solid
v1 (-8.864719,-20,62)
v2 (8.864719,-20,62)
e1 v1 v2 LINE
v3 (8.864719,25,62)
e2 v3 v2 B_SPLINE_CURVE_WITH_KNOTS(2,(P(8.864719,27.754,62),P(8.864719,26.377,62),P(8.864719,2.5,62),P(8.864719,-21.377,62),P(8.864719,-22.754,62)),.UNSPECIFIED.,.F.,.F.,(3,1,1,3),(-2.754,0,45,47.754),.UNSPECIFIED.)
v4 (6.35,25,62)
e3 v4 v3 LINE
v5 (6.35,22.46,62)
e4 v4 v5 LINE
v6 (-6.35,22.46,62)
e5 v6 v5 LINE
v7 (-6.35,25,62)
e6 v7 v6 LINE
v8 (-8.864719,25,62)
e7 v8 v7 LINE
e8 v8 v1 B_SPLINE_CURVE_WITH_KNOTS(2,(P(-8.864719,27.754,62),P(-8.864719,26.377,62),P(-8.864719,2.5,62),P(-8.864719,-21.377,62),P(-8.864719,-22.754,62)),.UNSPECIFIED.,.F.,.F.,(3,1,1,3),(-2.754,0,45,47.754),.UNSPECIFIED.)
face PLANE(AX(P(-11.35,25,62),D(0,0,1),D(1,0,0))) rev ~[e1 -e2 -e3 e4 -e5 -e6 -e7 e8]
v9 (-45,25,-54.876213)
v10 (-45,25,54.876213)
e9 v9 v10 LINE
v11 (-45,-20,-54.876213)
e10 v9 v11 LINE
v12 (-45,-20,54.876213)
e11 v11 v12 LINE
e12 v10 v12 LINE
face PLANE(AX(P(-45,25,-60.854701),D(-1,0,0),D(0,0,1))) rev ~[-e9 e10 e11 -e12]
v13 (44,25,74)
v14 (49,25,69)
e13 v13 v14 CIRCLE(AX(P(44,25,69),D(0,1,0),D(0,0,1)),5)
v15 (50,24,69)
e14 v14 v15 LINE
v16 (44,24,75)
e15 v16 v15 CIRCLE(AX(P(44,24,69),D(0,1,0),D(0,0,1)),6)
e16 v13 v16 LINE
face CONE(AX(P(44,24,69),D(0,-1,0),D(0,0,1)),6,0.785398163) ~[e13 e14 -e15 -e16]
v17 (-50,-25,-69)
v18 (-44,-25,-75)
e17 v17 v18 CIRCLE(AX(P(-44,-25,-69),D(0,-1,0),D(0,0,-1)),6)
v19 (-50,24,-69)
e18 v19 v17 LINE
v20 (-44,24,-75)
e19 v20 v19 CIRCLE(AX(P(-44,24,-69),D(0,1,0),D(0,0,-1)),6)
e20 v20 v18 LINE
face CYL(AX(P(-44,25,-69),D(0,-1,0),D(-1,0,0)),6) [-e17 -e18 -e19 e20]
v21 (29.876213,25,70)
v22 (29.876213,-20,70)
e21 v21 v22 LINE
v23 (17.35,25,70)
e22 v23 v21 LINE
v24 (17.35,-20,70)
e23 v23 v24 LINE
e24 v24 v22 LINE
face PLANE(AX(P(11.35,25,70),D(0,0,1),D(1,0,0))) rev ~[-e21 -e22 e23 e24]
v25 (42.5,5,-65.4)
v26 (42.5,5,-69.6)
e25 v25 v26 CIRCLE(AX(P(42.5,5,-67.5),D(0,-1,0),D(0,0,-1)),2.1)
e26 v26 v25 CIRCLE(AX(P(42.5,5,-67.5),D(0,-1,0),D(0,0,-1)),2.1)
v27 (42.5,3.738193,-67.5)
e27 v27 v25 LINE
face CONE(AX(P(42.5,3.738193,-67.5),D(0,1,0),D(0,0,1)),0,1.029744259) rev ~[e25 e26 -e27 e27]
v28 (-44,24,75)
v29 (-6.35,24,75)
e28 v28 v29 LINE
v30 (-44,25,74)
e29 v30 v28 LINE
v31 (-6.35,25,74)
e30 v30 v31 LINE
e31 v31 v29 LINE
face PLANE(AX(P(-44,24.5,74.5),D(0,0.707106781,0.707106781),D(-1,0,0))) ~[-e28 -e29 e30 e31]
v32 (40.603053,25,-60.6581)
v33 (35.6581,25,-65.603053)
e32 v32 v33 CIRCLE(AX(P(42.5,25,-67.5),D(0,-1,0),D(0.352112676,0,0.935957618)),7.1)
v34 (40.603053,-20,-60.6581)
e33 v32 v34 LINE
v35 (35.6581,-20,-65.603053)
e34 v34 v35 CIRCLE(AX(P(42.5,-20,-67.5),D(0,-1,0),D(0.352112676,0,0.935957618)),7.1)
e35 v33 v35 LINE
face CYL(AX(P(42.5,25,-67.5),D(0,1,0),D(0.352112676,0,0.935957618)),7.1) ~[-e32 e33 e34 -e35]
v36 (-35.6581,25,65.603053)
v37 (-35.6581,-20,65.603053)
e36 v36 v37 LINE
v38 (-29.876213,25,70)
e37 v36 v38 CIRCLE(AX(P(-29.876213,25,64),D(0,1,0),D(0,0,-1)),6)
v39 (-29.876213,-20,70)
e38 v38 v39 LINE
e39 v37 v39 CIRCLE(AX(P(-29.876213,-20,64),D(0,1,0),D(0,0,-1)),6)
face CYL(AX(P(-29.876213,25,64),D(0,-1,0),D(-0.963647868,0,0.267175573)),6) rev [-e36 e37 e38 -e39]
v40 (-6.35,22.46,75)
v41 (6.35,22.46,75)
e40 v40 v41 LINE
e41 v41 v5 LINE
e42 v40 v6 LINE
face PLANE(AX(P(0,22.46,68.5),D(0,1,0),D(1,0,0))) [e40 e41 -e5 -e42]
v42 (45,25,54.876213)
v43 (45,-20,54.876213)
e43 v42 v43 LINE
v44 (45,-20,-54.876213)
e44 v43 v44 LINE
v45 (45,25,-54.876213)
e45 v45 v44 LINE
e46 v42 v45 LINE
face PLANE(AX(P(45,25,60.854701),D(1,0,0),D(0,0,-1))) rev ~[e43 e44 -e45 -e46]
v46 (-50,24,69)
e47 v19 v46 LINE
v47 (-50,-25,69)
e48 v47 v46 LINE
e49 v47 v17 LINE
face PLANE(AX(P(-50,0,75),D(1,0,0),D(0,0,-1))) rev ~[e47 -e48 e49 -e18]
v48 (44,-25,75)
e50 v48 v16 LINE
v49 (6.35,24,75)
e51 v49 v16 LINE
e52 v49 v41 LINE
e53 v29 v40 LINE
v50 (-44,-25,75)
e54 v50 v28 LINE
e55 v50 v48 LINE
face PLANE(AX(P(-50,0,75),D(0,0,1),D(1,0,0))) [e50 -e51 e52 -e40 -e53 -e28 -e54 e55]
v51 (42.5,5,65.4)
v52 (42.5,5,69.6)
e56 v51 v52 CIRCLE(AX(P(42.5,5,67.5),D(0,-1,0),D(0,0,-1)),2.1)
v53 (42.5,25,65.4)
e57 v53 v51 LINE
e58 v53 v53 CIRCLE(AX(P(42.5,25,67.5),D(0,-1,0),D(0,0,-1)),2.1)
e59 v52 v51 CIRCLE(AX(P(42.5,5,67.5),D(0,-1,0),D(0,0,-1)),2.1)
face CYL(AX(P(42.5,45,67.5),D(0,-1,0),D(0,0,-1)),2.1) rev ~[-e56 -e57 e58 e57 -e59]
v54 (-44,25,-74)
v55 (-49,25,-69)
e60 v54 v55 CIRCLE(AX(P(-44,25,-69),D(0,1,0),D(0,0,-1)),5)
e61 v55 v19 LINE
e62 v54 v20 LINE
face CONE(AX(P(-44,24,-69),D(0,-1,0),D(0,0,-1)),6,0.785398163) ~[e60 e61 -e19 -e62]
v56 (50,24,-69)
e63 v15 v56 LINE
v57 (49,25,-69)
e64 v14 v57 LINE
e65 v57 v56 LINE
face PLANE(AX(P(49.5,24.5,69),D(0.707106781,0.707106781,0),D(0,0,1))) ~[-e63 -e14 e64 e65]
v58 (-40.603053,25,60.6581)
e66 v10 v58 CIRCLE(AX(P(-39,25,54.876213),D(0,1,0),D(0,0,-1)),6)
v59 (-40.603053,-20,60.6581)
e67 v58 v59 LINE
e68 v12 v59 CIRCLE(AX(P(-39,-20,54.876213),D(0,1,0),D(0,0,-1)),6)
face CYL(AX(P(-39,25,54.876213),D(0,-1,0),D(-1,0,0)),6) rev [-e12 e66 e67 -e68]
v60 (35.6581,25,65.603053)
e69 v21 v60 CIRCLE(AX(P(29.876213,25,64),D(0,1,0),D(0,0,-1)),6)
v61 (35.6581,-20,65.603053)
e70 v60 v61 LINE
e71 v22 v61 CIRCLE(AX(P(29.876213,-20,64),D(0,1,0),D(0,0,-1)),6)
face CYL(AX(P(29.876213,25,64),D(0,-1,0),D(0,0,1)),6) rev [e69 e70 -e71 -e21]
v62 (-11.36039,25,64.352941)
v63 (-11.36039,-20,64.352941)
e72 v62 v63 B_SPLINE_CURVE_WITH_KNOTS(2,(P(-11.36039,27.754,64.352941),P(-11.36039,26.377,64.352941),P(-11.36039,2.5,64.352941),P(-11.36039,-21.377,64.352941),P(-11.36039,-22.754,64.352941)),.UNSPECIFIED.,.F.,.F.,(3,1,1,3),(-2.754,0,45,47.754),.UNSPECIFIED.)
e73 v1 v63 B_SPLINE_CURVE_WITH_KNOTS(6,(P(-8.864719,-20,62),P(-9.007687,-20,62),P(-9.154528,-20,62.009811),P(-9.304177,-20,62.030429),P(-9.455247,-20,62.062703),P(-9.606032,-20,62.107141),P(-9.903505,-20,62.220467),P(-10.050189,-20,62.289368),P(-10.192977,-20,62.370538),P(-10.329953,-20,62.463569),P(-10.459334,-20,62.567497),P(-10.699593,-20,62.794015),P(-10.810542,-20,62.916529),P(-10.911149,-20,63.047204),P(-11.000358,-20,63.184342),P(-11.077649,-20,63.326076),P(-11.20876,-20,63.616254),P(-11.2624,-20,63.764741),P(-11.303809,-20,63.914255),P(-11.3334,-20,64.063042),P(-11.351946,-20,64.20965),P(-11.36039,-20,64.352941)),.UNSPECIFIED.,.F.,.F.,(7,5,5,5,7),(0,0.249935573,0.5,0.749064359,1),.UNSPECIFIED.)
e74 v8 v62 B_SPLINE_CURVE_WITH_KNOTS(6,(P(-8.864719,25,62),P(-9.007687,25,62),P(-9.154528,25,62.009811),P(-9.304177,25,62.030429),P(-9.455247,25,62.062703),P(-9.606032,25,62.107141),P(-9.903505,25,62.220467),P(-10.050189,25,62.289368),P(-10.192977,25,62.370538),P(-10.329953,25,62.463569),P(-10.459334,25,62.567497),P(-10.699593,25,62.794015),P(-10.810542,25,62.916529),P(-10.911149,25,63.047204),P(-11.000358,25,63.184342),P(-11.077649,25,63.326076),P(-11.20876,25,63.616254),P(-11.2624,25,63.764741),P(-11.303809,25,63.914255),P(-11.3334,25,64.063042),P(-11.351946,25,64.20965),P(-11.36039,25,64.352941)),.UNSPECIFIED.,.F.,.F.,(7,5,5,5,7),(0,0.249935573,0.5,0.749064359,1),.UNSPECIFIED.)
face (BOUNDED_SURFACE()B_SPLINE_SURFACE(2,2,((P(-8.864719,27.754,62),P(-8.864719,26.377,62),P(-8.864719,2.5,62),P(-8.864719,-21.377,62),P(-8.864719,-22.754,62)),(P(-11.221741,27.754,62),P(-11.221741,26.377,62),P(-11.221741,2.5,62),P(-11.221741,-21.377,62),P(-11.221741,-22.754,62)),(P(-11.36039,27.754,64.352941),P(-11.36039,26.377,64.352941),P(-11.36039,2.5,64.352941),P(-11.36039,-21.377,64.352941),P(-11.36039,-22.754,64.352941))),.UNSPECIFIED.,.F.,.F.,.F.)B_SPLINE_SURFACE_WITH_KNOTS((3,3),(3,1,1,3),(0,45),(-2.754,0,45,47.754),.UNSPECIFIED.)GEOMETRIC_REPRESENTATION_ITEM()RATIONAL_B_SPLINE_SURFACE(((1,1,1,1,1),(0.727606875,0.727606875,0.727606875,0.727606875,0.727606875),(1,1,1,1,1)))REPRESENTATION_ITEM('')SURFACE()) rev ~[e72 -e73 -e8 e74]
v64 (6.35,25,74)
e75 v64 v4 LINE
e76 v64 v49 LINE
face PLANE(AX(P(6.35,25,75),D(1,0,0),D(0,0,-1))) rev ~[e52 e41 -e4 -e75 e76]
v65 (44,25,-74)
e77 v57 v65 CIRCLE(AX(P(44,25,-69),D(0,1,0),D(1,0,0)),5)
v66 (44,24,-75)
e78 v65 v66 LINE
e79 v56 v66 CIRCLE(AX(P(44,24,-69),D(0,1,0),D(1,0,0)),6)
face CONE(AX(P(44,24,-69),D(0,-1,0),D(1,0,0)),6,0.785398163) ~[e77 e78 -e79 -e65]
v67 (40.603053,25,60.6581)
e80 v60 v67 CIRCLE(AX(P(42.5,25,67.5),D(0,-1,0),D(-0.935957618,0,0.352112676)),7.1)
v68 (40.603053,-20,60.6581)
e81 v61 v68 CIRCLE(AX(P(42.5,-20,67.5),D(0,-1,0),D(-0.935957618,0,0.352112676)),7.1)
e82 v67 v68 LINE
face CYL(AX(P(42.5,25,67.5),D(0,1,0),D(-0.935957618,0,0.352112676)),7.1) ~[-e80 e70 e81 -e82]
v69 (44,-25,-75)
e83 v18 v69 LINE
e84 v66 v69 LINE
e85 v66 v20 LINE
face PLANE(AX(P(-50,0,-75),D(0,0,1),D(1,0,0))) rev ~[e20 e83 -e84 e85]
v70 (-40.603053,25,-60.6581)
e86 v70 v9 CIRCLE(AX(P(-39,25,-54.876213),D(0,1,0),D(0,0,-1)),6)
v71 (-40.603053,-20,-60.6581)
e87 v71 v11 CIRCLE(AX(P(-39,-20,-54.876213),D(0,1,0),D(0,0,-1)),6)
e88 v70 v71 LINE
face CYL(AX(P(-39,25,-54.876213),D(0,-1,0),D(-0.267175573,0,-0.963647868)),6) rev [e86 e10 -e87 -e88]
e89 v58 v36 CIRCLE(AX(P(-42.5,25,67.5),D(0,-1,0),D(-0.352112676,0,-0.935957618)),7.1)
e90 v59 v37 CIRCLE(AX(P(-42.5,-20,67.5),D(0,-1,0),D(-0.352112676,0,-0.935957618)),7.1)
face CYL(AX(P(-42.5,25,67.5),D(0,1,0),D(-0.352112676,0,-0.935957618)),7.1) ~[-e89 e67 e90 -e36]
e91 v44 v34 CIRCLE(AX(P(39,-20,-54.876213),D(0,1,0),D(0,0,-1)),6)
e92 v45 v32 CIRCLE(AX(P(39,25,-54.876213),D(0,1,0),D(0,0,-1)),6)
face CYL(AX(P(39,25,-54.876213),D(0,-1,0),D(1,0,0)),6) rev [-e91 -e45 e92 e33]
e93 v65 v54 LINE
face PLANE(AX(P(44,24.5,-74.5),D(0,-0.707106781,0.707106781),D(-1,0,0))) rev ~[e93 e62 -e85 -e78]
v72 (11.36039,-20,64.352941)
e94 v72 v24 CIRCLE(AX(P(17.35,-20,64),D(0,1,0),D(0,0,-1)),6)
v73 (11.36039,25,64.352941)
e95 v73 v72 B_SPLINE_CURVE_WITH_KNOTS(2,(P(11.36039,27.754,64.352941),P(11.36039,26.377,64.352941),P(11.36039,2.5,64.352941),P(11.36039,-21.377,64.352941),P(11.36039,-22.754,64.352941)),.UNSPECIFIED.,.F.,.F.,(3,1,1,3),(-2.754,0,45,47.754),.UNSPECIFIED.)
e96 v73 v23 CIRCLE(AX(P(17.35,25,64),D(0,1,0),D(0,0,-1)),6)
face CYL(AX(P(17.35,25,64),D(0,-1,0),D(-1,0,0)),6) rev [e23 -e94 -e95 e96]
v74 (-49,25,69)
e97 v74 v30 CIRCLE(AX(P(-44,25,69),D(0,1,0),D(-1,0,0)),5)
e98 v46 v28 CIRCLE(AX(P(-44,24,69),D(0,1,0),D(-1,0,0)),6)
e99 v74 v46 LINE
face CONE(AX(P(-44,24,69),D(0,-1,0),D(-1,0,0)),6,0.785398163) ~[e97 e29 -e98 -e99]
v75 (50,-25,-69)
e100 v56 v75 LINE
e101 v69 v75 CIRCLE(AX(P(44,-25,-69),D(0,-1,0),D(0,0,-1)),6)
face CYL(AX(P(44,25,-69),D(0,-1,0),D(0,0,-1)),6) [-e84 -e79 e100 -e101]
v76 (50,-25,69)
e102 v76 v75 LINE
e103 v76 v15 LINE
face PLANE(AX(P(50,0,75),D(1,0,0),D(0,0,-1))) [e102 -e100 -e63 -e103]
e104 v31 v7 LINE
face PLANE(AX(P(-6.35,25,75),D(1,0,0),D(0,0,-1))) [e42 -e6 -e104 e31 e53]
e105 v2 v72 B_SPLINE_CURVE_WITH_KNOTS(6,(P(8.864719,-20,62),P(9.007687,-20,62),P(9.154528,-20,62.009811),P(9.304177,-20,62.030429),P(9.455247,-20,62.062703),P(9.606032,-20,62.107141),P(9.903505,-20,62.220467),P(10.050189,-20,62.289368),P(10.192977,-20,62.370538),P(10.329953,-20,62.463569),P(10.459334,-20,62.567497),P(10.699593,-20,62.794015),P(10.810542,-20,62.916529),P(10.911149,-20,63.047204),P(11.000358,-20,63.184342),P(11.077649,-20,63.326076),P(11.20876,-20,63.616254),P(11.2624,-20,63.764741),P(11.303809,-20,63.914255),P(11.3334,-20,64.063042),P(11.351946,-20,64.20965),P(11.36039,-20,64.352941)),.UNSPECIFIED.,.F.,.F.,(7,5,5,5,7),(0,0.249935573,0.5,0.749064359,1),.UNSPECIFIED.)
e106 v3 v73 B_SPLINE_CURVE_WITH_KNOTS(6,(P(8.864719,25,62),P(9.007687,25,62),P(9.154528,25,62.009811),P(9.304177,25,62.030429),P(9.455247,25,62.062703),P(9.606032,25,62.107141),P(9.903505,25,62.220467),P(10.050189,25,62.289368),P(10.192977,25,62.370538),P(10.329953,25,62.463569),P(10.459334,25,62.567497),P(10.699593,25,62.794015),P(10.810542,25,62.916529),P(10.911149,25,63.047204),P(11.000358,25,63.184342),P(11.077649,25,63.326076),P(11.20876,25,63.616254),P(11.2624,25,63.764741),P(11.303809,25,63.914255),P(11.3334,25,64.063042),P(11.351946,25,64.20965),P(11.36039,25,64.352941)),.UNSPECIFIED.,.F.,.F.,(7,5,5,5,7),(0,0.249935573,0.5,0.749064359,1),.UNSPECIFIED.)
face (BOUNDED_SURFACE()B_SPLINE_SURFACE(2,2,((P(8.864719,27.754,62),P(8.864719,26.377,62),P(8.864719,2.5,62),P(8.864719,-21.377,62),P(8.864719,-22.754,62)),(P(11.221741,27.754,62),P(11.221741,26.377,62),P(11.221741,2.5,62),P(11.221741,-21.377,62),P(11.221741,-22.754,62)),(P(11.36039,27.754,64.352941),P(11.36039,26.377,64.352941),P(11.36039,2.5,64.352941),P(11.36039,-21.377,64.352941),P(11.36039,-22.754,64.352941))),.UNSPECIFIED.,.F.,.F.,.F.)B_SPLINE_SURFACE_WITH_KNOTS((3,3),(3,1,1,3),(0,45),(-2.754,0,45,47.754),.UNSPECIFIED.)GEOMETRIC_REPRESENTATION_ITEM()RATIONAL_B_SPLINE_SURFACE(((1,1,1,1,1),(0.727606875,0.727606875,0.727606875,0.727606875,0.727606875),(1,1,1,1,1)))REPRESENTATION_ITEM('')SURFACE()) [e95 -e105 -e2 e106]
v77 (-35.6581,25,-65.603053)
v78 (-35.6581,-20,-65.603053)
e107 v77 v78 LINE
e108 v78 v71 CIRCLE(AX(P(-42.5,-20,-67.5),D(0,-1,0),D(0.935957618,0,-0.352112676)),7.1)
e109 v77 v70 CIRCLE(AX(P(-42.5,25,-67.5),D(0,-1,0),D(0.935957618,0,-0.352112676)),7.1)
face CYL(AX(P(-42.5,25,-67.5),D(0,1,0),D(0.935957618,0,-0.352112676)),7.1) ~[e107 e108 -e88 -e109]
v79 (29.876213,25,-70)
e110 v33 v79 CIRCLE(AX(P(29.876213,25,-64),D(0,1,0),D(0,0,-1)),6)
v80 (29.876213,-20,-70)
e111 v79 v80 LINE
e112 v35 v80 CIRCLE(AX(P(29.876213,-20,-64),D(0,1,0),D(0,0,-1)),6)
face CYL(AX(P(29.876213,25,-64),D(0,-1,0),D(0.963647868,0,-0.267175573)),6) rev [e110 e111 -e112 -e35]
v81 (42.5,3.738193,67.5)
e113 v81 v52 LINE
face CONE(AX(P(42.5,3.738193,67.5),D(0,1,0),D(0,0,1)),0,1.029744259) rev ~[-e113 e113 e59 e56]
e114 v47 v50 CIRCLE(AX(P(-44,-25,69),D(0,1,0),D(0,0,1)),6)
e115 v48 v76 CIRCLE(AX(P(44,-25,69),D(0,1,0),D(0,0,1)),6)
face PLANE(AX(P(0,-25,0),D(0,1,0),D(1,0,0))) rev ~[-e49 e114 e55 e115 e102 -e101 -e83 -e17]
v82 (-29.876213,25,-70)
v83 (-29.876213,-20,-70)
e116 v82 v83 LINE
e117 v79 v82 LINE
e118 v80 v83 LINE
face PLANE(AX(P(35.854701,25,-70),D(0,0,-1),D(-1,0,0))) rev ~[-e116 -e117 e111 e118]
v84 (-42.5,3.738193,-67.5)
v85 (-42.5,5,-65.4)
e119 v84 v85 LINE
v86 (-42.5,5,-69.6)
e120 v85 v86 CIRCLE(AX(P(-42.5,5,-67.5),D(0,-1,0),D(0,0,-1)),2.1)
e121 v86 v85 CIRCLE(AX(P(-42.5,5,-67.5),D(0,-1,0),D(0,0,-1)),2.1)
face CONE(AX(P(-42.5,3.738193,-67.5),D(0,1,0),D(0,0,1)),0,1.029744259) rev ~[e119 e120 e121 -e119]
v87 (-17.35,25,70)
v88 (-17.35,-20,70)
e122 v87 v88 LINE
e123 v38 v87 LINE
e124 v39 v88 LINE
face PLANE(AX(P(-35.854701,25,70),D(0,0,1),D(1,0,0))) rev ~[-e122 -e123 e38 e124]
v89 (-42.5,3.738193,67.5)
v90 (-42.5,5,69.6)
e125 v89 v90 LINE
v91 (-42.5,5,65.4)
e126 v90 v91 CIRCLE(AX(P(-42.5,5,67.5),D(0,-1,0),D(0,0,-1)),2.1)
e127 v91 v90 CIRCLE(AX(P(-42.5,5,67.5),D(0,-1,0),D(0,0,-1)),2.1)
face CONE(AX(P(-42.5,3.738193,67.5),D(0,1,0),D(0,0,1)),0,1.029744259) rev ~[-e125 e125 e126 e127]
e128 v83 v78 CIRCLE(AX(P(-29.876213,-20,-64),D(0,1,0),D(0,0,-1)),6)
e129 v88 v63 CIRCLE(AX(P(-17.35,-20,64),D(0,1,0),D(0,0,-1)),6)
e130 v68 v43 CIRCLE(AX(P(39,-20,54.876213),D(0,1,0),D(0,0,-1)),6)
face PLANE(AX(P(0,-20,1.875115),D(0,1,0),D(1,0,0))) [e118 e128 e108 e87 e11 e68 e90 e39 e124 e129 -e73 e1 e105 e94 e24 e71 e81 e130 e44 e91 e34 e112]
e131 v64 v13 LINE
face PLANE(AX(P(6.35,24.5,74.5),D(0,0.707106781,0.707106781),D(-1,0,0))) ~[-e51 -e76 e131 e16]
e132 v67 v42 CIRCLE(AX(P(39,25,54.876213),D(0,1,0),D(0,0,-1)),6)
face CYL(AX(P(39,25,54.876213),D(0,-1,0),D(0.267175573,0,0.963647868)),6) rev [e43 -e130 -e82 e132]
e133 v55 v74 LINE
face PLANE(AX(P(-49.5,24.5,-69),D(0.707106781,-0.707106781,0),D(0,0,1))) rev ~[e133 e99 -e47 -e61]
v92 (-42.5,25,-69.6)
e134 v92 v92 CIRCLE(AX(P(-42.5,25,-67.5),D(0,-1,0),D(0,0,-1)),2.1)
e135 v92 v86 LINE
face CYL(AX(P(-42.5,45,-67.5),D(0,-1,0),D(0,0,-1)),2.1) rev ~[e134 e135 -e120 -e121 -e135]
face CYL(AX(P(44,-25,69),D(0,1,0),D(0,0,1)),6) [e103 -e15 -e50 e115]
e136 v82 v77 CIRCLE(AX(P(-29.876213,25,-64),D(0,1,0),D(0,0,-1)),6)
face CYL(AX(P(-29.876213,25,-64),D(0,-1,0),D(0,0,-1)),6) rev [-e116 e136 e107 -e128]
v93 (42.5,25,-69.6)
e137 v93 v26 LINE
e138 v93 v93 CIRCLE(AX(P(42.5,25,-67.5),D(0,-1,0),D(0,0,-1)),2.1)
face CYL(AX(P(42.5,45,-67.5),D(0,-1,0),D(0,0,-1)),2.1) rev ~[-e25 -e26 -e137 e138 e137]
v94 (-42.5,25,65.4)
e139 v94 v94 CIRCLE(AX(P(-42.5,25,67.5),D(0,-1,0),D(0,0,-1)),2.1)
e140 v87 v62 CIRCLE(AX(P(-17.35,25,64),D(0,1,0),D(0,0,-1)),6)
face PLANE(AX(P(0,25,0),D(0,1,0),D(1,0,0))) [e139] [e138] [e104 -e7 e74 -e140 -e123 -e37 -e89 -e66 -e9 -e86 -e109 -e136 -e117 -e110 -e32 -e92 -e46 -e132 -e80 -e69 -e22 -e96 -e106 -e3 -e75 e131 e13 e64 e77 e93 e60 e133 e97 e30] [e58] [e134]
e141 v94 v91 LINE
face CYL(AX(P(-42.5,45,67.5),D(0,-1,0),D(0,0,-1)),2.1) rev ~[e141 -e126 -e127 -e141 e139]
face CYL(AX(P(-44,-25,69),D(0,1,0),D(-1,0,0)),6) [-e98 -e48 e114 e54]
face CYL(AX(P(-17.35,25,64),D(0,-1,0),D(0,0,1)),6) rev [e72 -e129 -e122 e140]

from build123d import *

# Parameters (mm, degrees)
SKETCH1_W                       = 100
SKETCH1_H                       = 150
BOSS_EXTRUDE1_DEPTH             = 25
TAP_DRILL_FOR_M5X0_8_TAP1_D     = 4.2
TAP_DRILL_FOR_M5X0_8_TAP1_DEPTH = 20
TAP_DRILL_FOR_M5X0_8_TAP1_TIP   = 1.2618073
CUT_EXTRUDE1_DEPTH              = 45
SKETCH6_W                       = 12.7
SKETCH6_H                       = 13
CUT_EXTRUDE2_DEPTH              = 2.54
FILLET1_R                       = 6
FILLET3_R                       = 2.5
CHAMFER1_SIZE                   = 1


with BuildPart() as part:
    # Sketch1 → Boss-Extrude1 (new, symmetric)
    with BuildSketch(Plane(origin=(0, 0, 0), x_dir=(1, 0, 0), z_dir=(0, 1, 0))):
        Rectangle(SKETCH1_W, SKETCH1_H)
    extrude(amount=BOSS_EXTRUDE1_DEPTH, both=True)

    # Tap Drill for M5x0.8 Tap1
    with Locations(Plane(origin=(-42.5, 25, -67.5), x_dir=(0, 0, 1), z_dir=(0, 1, 0))):
        with Locations((0, 0), (0, 85), (135, 85), (135, 0)):
            Hole(TAP_DRILL_FOR_M5X0_8_TAP1_D / 2, depth=TAP_DRILL_FOR_M5X0_8_TAP1_DEPTH)
            with Locations((0, 0, -(TAP_DRILL_FOR_M5X0_8_TAP1_DEPTH + TAP_DRILL_FOR_M5X0_8_TAP1_TIP / 2))):  # 118° drill point
                Cone(0, TAP_DRILL_FOR_M5X0_8_TAP1_D / 2, TAP_DRILL_FOR_M5X0_8_TAP1_TIP, mode=Mode.SUBTRACT)

    # Sketch5 → Cut-Extrude1 (cut)
    with BuildSketch(Plane(origin=(0, 25, 0), x_dir=(1, 0, 0), z_dir=(0, 1, 0))):
        with BuildLine():
            Line((-45, 60.85470091), (-45, -60.85470091))
            ThreePointArc((-45, -60.85470091), (-37.479541854, -62.479541854), (-35.85470091, -70))
            Line((-35.85470091, -70), (-11.35, -70))
            Line((-11.35, -70), (-11.35, -62))
            Line((-11.35, -62), (11.35, -62))
            Line((11.35, -62), (11.35, -70))
            Line((11.35, -70), (35.85470091, -70))
            ThreePointArc((35.85470091, -70), (37.479541854, -62.479541854), (45, -60.85470091))
            Line((45, -60.85470091), (45, 60.85470091))
            ThreePointArc((45, 60.85470091), (37.479541854, 62.479541854), (35.85470091, 70))
            Line((35.85470091, 70), (-35.85470091, 70))
            ThreePointArc((-35.85470091, 70), (-37.479541854, 62.479541854), (-45, 60.85470091))
        make_face()
    extrude(amount=-CUT_EXTRUDE1_DEPTH, mode=Mode.SUBTRACT)

    # Sketch6 → Cut-Extrude2 (cut)
    with BuildSketch(Plane(origin=(0, 25, 0), x_dir=(1, 0, 0), z_dir=(0, 1, 0))):
        with Locations((0, -68.5)):
            Rectangle(SKETCH6_W, SKETCH6_H)
    extrude(amount=-CUT_EXTRUDE2_DEPTH, mode=Mode.SUBTRACT)

    # Fillet1
    fillet1_edges = [part.edges().sort_by_distance(p)[0] for p in [
        (-45, 2.5, 60.85470091),
        (-35.85470091, 2.5, 70),
        (-11.35, 2.5, 70),
        (11.35, 2.5, 70),
        (35.85470091, 2.5, 70),
        (45, 2.5, 60.85470091),
        (45, 2.5, -60.85470091),
        (35.85470091, 2.5, -70),
        (-35.85470091, 2.5, -70),
        (-45, 2.5, -60.85470091),
        (50, 0, 75),
        (-50, 0, 75),
        (-50, 0, -75),
        (50, 0, -75),
    ]]
    fillet(fillet1_edges, radius=FILLET1_R)

    # Fillet3
    fillet3_edges = [part.edges().sort_by_distance(p)[0] for p in [
        (11.35, 2.5, 62),
        (-11.35, 2.5, 62),
    ]]
    fillet(fillet3_edges, radius=FILLET3_R)

    # Chamfer1
    chamfer1_edges = [part.edges().sort_by_distance(p)[0] for p in [
        (25.175, 25, 75),
        (0, 25, -75),
        (50, 25, 0),
        (-50, 25, 0),
        (-25.175, 25, 75),
        (48.242640687, 25, 73.242640687),
        (-48.242640687, 25, 73.242640687),
        (-48.242640687, 25, -73.242640687),
        (48.242640687, 25, -73.242640687),
    ]]
    chamfer(chamfer1_edges, length=CHAMFER1_SIZE)


solid = part.part
